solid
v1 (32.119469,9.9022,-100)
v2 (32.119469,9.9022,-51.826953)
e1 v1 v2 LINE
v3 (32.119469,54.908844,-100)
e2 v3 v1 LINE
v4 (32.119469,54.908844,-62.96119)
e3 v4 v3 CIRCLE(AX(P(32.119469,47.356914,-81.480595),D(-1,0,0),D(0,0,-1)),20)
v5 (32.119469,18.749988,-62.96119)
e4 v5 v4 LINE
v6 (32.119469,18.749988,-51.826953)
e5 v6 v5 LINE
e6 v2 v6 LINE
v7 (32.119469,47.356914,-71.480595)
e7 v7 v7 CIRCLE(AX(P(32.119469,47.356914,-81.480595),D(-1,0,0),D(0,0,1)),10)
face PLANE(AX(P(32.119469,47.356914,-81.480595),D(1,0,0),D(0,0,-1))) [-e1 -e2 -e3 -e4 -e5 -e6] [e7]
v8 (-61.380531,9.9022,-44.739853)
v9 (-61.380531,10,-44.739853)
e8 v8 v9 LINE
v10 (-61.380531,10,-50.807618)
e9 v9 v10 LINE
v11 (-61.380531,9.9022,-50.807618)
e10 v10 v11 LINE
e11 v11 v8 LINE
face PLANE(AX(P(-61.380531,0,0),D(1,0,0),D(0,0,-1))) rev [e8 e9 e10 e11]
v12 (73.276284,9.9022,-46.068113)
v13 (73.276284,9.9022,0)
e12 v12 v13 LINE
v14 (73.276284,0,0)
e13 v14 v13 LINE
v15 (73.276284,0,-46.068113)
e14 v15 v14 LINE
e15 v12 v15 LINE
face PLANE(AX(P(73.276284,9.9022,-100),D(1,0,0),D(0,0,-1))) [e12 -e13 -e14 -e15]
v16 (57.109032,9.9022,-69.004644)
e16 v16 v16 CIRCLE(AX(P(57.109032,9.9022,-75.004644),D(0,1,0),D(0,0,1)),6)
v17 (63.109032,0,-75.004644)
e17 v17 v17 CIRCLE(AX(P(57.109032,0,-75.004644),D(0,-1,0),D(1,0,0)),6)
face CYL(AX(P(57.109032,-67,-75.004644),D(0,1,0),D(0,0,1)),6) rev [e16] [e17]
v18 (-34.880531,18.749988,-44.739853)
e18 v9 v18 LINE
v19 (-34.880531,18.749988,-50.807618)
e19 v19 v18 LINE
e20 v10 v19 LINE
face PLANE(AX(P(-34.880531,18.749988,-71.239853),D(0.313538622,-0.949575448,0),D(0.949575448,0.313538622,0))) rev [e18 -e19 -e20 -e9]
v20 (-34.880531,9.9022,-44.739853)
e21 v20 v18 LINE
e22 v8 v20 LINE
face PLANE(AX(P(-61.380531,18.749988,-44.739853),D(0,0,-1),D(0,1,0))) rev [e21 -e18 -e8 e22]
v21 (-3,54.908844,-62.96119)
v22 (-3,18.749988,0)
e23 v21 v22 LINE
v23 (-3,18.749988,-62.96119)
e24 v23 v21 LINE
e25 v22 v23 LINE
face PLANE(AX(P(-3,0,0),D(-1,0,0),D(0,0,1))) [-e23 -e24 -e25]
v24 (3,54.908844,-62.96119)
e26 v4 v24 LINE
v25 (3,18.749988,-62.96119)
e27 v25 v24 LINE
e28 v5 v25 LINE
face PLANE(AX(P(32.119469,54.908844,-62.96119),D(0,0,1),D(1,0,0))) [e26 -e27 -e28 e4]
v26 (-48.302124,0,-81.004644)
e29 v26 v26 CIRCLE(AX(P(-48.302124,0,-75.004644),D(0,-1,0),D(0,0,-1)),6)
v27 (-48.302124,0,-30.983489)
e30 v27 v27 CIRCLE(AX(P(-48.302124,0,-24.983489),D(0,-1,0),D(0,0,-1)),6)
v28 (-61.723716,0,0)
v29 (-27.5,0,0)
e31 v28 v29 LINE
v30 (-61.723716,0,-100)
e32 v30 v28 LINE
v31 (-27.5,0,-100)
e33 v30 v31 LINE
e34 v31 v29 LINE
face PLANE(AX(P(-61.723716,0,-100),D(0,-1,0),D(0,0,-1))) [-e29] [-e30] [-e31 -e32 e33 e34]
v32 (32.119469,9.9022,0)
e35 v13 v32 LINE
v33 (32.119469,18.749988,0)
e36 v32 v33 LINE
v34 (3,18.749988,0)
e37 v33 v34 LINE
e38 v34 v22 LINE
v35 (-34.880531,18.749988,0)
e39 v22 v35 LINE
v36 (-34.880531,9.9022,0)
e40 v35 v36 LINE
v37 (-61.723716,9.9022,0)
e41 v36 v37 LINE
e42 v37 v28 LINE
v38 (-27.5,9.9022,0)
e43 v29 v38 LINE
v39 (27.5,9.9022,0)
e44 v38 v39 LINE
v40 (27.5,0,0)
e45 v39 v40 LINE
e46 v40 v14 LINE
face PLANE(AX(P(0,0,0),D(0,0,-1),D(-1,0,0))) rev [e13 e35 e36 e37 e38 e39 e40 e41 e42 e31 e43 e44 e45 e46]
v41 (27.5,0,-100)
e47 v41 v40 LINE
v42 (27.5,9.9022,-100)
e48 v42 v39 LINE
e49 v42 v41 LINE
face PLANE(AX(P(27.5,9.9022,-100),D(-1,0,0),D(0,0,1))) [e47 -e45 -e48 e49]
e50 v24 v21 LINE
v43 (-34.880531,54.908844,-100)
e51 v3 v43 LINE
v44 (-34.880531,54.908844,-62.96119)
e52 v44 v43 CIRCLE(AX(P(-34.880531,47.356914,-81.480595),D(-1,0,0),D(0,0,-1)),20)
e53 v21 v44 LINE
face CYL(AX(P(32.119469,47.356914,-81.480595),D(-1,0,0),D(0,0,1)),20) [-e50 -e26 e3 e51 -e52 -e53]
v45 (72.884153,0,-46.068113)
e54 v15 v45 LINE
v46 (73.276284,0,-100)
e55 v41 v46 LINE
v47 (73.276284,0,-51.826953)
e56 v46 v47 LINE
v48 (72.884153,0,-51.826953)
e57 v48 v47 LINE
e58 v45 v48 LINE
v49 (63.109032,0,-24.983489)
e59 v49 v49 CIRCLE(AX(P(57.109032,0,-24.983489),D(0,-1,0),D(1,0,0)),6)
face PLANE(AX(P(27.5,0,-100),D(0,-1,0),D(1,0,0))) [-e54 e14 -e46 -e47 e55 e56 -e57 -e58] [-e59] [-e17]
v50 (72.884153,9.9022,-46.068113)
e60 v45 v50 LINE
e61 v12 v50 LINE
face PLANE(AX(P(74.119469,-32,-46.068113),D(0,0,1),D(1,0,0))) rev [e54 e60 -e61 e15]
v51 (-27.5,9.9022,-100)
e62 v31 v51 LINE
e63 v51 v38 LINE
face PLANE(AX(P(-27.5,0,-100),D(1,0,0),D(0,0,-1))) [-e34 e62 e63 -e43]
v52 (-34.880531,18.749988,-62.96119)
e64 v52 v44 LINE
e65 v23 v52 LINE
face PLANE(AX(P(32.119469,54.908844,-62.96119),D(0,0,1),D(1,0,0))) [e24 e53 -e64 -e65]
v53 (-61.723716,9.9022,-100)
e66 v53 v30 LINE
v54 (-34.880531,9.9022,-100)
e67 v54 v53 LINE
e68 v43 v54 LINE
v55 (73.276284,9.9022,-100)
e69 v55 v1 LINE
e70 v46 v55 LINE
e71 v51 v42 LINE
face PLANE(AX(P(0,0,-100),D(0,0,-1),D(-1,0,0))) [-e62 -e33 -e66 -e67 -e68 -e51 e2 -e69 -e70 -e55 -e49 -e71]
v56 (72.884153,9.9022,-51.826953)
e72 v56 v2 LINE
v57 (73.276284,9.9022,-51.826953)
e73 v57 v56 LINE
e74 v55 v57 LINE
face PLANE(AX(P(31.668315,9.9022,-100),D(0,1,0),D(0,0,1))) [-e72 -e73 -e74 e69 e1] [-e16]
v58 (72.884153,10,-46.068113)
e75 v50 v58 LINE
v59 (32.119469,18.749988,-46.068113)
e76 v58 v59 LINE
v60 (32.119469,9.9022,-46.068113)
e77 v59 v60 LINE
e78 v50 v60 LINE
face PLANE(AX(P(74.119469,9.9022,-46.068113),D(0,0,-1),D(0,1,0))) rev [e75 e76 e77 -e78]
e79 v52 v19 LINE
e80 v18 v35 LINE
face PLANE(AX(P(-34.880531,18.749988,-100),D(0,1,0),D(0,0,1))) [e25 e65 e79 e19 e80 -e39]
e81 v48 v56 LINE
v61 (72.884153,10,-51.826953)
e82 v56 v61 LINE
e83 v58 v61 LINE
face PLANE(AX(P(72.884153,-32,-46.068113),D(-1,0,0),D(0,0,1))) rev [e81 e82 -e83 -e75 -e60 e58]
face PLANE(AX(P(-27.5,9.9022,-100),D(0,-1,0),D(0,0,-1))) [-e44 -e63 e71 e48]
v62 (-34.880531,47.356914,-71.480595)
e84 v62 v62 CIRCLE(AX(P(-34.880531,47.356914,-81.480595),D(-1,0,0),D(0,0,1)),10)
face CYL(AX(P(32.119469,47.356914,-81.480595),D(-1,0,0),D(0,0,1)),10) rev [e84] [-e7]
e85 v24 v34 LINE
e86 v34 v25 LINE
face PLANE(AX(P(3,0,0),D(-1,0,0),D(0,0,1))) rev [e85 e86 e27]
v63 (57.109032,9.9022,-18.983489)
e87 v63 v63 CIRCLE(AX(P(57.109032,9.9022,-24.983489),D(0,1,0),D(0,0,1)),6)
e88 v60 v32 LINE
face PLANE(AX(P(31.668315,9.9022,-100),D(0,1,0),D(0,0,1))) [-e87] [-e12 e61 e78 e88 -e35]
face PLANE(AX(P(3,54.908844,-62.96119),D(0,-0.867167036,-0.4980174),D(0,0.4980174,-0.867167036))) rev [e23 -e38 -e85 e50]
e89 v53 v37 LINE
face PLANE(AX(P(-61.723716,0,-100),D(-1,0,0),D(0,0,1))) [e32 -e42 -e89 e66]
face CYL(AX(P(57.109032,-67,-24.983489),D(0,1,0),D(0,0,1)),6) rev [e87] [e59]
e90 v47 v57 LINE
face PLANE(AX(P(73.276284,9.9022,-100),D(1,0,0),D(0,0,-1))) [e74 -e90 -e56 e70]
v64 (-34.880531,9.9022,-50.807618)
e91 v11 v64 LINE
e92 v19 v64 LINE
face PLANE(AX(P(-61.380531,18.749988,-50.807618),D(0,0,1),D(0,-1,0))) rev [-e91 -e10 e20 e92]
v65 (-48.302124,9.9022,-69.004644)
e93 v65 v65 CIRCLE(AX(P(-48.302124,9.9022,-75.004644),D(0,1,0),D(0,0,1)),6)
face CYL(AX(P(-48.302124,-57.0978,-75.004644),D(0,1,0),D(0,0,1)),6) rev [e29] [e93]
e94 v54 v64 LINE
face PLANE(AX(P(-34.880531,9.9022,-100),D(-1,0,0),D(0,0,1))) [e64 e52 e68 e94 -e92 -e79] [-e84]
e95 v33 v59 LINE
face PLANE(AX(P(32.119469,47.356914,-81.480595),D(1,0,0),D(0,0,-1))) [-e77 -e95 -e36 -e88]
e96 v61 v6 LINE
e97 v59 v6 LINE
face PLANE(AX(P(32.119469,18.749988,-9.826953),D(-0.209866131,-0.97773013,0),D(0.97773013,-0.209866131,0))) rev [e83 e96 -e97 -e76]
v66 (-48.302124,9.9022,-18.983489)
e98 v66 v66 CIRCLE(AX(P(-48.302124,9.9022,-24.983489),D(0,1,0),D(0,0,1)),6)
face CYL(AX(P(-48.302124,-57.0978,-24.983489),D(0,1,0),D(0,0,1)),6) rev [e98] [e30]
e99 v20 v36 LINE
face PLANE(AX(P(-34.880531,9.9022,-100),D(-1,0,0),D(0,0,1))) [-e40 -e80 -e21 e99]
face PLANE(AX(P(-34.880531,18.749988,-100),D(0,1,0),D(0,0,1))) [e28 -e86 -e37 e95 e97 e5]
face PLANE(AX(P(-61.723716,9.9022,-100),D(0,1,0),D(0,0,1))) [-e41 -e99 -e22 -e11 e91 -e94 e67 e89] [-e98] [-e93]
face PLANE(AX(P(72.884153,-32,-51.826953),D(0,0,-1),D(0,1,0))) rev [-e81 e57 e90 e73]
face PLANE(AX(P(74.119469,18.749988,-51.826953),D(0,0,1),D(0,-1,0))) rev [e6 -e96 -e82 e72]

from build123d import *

# Parameters (mm, degrees)
BOSS_EXTRUDE1_DEPTH     = 100
SKETCH2_R               = 10
BOSS_EXTRUDE2_DEPTH     = 67
SKETCH3_R               = 6
CUT_EXTRUDE1_DEPTH      = 67
CUT_EXTRUDE2_DEPTH      = 67
CUT_EXTRUDE2_DEPTH_BACK = 67
SKETCH4_R               = 6
BOSS_EXTRUDE3_DEPTH     = 3
SKETCH9_W               = 6.067764808
SKETCH9_H               = 8.847787213
BOSS_EXTRUDE4_DEPTH     = 26.5
CUT_EXTRUDE3_DEPTH      = 26.5
SKETCH11_W              = 5.758839732
SKETCH11_H              = 8.847787213
BOSS_EXTRUDE5_DEPTH     = 42
CUT_EXTRUDE4_DEPTH      = 42
SKETCH13_W              = 1.235315599
SKETCH13_H              = 5.758839732
CUT_EXTRUDE6_DEPTH      = 42


with BuildPart() as part:
    # Sketch1 → Boss-Extrude1 (new body)
    with BuildSketch(Plane.XY):
        Polygon((-61.723716381, 0), (-27.5, 0), (-27.5, 9.902200489), (27.5, 9.902200489), (27.5, 0), (73.276283619, 0), (73.276283619, 9.902200489), (31.668314846, 9.902200489), (31.668314846, 18.749987702), (-34.880531234, 18.749987702), (-34.880531234, 9.902200489), (-61.723716381, 9.902200489), align=None)
    extrude(amount=-BOSS_EXTRUDE1_DEPTH)

    # Sketch2 → Boss-Extrude2 (add)
    with BuildSketch(Plane.ZY.offset(34.880531234)):
        with BuildLine():
            Line((-100, 9.902200489), (-100, 54.908843962))
            ThreePointArc((-100, 54.908843962), (-81.480595065, 67.356914351), (-62.96119013, 54.908843962))
            Line((-62.96119013, 54.908843962), (-62.96119013, 18.749987702))
            Line((-62.96119013, 18.749987702), (0, 18.749987702))
            Line((0, 18.749987702), (0, 9.902200489))
            Line((0, 9.902200489), (-100, 9.902200489))
        make_face()
        with Locations((-81.480595065, 47.356914351)):
            Circle(SKETCH2_R, mode=Mode.SUBTRACT)
    extrude(amount=-BOSS_EXTRUDE2_DEPTH)

    # Sketch3 → Cut-Extrude1 (cut)
    with BuildSketch(Plane(origin=(0, 9.902200489, 0), x_dir=(1, 0, 0), z_dir=(0, 1, 0))):
        with Locations((-48.302123808, 24.983488629)):
            Circle(SKETCH3_R)
        with Locations((-48.302123808, 75.004643802)):
            Circle(SKETCH3_R)
    extrude(amount=-CUT_EXTRUDE1_DEPTH, mode=Mode.SUBTRACT)

    # Sketch4 → Cut-Extrude2 (cut, two sides: drawn at the far end of the back side and taken through both)
    with BuildSketch(Plane(origin=(0, 0, 0), x_dir=(1, 0, 0), z_dir=(0, 1, 0)).offset(-CUT_EXTRUDE2_DEPTH_BACK)):
        with Locations((57.109031968, 75.004643802)):
            Circle(SKETCH4_R)
        with Locations((57.109031968, 24.983488629)):
            Circle(SKETCH4_R)
    extrude(amount=CUT_EXTRUDE2_DEPTH + CUT_EXTRUDE2_DEPTH_BACK, mode=Mode.SUBTRACT)

    # Sketch5 → Boss-Extrude3 (add, symmetric)
    with BuildSketch(Plane(origin=(0, 0, 0), x_dir=(0, 0, -1), z_dir=(1, 0, 0))):
        Polygon((62.96119013, 54.908843962), (0, 18.749987702), (62.96119013, 18.749987702), align=None)
    extrude(amount=BOSS_EXTRUDE3_DEPTH, both=True)

    # Sketch9 → Boss-Extrude4 (add)
    with BuildSketch(Plane.ZY.offset(34.880531234)):
        with Locations((-47.773735316, 14.326094096)):
            Rectangle(SKETCH9_W, SKETCH9_H)
    extrude(amount=BOSS_EXTRUDE4_DEPTH)

    # Sketch10 → Cut-Extrude3 (cut)
    with BuildSketch(Plane.XY.offset(-44.739852912)):
        Polygon((-34.880531234, 18.749987702), (-61.380531234, 10), (-61.380531234, 18.749987702), align=None)
    extrude(amount=-CUT_EXTRUDE3_DEPTH, mode=Mode.SUBTRACT)

    # Sketch11 → Boss-Extrude5 (add)
    with BuildSketch(Plane(origin=(32.119468766, 0, 0), x_dir=(0, 0, -1), z_dir=(1, 0, 0))):
        with Locations((48.947532941, 14.326094096)):
            Rectangle(SKETCH11_W, SKETCH11_H)
    extrude(amount=BOSS_EXTRUDE5_DEPTH)

    # Sketch12 → Cut-Extrude4 (cut)
    with BuildSketch(Plane(origin=(0, 0, -51.826952807), x_dir=(-1, 0, 0), z_dir=(0, 0, -1))):
        Polygon((-32.119468766, 18.749987702), (-72.884153167, 10), (-74.975846316, 10), (-74.119468766, 18.749987702), align=None)
    extrude(amount=-CUT_EXTRUDE4_DEPTH, mode=Mode.SUBTRACT)

    # Sketch13 → Cut-Extrude6 (cut)
    with BuildSketch(Plane(origin=(0, 10, 0), x_dir=(1, 0, 0), z_dir=(0, 1, 0))):
        with Locations((73.501810967, 48.947532941)):
            Rectangle(SKETCH13_W, SKETCH13_H)
    extrude(amount=-CUT_EXTRUDE6_DEPTH, mode=Mode.SUBTRACT)


solid = part.part
